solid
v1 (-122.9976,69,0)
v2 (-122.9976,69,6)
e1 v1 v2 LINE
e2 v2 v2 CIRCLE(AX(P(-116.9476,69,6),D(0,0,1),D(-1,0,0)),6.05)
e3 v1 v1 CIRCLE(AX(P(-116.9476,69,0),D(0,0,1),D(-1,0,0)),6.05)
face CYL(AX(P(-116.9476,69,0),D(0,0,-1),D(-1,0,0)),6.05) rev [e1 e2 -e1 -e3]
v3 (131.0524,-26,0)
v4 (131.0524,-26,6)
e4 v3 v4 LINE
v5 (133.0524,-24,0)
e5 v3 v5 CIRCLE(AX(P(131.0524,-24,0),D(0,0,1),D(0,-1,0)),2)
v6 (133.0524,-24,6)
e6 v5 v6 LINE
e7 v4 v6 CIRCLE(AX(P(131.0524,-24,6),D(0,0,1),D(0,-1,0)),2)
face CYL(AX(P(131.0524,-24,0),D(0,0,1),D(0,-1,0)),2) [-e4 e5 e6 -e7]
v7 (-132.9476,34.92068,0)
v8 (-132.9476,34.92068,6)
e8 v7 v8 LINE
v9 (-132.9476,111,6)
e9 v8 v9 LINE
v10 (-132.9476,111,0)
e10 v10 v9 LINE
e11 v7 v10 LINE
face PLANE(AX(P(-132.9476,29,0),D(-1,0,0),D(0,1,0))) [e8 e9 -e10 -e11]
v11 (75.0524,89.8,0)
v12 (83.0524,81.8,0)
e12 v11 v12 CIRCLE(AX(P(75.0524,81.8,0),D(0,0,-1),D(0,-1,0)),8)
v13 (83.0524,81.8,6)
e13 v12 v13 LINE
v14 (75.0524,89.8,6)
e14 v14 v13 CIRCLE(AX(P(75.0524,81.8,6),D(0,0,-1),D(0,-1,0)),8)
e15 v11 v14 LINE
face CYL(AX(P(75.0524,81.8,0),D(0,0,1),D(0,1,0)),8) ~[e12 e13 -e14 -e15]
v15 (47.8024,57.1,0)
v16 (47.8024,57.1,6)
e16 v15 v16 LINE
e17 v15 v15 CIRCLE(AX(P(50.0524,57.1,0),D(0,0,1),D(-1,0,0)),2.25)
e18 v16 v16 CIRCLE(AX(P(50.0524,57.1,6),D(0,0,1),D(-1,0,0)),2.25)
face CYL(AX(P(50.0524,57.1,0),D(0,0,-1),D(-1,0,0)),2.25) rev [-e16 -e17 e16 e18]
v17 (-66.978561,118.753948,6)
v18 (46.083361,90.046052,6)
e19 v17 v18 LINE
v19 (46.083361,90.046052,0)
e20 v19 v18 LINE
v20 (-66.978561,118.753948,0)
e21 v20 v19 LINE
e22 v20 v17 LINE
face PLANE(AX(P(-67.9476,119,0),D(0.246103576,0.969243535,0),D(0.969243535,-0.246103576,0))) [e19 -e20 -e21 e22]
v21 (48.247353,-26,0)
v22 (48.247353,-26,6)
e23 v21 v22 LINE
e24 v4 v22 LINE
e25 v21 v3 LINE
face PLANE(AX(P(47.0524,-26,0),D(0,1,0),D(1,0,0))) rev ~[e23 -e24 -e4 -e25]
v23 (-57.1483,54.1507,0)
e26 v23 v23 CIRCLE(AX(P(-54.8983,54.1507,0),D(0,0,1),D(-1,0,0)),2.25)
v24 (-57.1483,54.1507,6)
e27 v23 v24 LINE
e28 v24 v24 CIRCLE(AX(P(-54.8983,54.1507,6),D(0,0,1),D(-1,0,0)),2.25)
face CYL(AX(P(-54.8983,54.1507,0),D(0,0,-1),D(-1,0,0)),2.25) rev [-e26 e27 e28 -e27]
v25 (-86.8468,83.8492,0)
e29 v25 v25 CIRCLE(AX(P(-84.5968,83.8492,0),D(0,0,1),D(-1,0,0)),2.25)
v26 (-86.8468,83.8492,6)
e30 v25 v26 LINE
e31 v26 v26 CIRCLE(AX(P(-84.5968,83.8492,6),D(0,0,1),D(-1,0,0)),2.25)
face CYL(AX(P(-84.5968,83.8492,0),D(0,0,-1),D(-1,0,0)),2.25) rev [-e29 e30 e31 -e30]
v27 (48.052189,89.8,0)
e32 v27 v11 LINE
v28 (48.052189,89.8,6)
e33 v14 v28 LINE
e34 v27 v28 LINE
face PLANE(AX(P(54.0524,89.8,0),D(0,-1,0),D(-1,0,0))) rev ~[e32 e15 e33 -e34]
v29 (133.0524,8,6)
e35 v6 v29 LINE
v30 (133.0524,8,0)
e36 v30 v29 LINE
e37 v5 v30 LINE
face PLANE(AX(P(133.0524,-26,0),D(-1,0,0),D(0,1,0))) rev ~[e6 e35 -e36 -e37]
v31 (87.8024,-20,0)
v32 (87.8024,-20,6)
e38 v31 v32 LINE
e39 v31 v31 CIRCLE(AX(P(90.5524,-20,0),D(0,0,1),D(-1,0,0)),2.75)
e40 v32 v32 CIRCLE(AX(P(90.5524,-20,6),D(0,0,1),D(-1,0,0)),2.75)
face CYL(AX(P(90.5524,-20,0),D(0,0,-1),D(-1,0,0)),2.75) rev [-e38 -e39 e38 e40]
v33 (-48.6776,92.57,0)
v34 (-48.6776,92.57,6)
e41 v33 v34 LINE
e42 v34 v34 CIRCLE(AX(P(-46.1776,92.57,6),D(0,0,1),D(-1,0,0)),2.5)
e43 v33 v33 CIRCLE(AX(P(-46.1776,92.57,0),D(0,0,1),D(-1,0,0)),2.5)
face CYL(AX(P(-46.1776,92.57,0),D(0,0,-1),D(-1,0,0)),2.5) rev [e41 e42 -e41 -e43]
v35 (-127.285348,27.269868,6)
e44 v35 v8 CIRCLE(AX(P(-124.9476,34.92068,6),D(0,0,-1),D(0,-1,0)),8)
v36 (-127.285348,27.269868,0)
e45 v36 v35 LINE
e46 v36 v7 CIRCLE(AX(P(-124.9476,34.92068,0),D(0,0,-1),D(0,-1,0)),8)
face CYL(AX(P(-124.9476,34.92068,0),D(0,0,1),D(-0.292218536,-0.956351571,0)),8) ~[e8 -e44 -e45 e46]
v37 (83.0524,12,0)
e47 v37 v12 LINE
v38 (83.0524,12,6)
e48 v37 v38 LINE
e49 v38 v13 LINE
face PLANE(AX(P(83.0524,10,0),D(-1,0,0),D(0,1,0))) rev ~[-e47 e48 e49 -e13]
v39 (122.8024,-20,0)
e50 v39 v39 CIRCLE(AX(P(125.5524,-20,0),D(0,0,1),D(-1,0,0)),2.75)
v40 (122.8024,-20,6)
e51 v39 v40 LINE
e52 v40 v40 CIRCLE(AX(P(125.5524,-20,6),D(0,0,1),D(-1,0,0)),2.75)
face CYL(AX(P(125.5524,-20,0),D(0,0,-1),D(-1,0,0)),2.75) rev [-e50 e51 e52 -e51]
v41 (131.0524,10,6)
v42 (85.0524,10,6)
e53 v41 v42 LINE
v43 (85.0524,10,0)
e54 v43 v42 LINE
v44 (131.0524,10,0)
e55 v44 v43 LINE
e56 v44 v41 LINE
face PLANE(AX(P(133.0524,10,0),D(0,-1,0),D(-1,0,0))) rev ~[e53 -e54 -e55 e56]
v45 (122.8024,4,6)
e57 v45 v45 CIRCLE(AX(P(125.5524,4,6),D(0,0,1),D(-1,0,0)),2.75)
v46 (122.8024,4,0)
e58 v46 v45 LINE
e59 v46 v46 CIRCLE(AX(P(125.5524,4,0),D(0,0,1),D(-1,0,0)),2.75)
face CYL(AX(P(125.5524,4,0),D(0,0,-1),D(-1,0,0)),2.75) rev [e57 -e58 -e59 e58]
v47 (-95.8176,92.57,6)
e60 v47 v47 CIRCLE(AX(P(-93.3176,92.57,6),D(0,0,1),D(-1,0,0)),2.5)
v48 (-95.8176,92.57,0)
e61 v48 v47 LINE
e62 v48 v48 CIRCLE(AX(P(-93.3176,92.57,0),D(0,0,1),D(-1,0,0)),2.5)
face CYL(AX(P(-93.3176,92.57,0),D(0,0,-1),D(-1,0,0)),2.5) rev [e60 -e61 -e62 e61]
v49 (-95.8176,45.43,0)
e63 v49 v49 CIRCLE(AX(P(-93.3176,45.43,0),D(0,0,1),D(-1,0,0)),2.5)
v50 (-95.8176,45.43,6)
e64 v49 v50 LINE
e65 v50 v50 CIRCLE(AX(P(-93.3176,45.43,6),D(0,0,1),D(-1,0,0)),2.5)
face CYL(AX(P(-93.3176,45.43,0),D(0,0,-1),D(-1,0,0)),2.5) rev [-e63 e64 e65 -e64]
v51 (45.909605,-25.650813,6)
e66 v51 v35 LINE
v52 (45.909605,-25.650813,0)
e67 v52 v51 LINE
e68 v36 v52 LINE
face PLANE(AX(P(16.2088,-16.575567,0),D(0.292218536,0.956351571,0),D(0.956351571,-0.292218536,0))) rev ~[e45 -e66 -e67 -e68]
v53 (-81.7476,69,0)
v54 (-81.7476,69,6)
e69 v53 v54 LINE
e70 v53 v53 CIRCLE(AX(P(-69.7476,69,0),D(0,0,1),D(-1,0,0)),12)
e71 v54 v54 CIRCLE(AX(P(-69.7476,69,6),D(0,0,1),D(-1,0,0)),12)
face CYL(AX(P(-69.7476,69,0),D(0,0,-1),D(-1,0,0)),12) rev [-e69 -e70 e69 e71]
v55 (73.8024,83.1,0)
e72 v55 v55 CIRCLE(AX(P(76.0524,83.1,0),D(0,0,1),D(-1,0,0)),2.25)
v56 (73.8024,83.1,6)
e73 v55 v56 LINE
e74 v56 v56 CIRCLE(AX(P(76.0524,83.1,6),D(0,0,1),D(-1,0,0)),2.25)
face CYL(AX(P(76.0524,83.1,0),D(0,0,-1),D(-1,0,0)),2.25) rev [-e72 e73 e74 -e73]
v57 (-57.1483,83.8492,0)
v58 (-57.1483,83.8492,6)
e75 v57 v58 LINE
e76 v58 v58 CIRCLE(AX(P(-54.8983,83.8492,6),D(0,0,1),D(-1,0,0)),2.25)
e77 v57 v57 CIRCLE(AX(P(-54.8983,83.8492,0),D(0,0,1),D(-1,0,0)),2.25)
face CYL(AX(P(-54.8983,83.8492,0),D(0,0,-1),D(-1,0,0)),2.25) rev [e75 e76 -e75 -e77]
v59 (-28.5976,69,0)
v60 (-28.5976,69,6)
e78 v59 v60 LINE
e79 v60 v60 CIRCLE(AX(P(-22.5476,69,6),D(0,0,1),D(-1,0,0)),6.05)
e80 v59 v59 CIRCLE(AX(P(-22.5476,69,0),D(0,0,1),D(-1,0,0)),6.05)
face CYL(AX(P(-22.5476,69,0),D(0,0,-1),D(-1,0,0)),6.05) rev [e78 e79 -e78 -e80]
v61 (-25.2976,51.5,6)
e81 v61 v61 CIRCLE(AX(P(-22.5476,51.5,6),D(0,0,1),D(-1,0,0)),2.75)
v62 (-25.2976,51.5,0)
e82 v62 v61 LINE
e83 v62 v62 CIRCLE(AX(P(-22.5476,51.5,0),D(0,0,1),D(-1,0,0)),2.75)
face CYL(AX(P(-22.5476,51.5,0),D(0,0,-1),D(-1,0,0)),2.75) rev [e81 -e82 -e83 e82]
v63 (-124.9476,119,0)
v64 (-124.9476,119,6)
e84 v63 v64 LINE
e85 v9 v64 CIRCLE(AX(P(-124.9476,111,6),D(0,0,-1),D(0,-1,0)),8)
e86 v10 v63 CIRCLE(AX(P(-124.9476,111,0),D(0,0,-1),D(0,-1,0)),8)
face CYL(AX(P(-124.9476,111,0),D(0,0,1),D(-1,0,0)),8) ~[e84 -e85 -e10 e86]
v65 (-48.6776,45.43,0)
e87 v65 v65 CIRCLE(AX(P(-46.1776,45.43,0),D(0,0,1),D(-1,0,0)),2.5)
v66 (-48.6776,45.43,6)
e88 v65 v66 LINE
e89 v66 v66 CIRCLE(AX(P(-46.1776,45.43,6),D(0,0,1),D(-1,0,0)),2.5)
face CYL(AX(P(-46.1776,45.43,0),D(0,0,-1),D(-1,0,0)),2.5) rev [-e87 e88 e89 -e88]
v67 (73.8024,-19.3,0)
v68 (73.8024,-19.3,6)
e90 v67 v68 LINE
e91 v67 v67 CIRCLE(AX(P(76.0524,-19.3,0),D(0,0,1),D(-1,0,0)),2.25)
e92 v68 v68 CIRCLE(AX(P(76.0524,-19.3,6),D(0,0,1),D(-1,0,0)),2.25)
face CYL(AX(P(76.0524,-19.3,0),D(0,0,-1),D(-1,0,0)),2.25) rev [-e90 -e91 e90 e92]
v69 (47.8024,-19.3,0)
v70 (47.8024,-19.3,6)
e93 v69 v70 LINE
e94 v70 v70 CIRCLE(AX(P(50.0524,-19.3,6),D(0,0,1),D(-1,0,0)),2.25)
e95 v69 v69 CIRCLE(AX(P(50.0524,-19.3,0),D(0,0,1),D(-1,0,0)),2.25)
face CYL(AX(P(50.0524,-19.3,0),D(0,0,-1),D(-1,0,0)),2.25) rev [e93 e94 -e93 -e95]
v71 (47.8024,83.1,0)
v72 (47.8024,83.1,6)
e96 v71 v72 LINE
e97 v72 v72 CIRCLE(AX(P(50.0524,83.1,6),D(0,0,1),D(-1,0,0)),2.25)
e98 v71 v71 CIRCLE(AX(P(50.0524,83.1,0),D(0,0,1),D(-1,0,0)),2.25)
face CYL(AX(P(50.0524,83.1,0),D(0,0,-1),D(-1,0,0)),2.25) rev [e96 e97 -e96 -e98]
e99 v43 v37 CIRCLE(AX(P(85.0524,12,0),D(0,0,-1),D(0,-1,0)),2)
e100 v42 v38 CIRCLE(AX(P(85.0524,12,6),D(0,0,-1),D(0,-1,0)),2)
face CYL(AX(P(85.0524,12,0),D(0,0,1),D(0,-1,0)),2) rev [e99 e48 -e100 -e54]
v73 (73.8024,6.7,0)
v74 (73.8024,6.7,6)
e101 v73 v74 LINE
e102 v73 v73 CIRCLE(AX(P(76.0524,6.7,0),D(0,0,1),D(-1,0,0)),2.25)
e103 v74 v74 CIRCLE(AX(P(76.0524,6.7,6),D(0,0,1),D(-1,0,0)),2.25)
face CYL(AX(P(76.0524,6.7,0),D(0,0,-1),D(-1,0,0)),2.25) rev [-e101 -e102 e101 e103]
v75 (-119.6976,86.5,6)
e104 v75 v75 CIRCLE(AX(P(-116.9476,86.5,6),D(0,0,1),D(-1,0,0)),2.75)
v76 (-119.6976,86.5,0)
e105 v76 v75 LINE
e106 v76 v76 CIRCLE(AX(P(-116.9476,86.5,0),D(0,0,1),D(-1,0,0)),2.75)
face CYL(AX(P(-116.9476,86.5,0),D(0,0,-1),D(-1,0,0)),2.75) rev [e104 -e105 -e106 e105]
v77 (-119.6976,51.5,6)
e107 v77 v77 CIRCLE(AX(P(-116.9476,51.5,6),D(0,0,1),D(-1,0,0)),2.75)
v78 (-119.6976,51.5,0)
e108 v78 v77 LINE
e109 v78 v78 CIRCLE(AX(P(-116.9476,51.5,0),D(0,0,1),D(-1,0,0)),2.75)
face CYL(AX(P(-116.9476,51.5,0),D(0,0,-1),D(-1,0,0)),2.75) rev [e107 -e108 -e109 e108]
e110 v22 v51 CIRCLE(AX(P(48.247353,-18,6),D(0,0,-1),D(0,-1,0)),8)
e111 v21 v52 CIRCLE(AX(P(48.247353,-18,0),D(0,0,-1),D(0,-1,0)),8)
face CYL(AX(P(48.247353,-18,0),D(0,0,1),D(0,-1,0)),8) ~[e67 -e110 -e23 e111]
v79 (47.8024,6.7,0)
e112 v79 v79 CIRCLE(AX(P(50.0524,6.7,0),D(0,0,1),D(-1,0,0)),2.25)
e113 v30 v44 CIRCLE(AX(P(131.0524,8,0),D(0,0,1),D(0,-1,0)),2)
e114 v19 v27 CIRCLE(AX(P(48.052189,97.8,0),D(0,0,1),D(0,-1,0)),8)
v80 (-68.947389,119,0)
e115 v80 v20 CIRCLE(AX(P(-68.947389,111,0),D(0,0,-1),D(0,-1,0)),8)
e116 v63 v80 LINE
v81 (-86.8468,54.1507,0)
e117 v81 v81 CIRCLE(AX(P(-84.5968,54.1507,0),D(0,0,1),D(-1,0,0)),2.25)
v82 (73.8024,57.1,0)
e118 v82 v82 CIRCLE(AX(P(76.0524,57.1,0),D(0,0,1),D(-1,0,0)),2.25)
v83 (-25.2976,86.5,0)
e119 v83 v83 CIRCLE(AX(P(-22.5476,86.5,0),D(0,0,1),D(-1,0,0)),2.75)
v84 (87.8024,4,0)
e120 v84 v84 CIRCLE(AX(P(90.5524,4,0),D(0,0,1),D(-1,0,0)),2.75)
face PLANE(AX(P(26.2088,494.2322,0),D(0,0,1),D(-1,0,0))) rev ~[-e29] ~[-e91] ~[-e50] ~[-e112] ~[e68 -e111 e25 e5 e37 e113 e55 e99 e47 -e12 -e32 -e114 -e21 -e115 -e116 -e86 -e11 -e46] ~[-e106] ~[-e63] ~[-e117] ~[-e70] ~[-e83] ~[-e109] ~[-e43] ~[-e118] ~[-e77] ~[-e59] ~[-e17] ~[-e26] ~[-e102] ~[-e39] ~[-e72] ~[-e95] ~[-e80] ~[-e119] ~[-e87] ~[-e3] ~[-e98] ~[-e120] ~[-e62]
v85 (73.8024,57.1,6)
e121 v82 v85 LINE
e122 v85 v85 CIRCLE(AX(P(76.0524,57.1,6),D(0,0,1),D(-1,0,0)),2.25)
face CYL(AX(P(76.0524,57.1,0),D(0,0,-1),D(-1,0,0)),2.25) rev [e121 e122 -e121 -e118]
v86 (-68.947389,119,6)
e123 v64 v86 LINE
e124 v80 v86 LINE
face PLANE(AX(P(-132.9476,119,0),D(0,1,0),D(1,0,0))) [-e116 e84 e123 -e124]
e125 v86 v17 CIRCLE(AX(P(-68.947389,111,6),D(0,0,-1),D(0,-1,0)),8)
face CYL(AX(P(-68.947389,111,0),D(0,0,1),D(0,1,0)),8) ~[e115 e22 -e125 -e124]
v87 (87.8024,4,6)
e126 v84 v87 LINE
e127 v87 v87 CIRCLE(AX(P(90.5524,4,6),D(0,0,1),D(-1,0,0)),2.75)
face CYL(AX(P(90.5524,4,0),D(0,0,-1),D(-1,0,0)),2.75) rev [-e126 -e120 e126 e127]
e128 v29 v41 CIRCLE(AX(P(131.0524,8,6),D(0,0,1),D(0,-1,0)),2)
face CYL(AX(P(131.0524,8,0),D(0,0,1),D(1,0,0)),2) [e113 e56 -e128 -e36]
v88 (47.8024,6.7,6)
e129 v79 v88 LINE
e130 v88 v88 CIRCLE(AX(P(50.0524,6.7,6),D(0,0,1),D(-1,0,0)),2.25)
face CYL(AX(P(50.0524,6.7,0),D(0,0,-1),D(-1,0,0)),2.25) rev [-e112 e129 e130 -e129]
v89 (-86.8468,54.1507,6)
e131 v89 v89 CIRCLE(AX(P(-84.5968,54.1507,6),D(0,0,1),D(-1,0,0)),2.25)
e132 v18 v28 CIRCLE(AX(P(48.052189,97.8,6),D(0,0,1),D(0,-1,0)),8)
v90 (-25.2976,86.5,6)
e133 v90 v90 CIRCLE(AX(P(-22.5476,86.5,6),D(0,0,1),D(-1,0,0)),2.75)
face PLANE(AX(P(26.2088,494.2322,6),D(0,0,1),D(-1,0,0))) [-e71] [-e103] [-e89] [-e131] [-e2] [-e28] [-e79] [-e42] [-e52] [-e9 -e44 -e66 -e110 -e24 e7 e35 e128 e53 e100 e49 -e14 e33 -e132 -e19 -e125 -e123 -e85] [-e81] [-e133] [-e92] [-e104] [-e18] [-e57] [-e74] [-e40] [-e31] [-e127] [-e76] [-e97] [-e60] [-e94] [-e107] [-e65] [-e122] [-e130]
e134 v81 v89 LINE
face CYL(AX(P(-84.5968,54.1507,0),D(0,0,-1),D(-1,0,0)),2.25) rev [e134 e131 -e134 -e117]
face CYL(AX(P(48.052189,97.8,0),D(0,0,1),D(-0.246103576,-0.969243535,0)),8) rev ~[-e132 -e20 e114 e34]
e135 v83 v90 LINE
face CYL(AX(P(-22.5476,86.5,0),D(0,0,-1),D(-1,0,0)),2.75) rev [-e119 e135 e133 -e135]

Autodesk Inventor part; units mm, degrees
ref_plane "YZ Plane" through (0, 0, 0) normal (1, 0, 0) x (0, 1, 0)
ref_plane "XZ Plane" through (0, 0, 0) normal (0, 1, 0) x (-1, 0, 0)
ref_plane "XY Plane" through (0, 0, 0) normal (0, 0, 1) x (1, 0, 0)
ref_plane "Work Plane1" through (26.2088, 494.2322, 0) normal (0, 0, 1) x (-1, 0, 0)
sketch "Sketch1" plane through (26.2088, 494.2322, 0) normal (0, 0, 1) x (-1, 0, 0)
  line L0 (-27.8436, 404.4322) -> (-27.8436, 443.8322) projected
  line L1 (-27.8436, 404.4322) -> (-20.8436, 404.4322) projected
  line L2 (-20.8436, 404.4322) -> (-20.8436, 443.8322) projected
  line L3 (-27.8436, 443.8322) -> (-20.8436, 443.8322) projected
  arc A0 (-25.8436, 437.1322) -> (-21.8436, 437.1322) centre (-23.8436, 437.1322) ccw projected
  arc A1 (-21.8436, 437.1322) -> (-25.8436, 437.1322) centre (-23.8436, 437.1322) ccw projected
  arc A2 (-25.8436, 411.1322) -> (-21.8436, 411.1322) centre (-23.8436, 411.1322) ccw projected
  arc A3 (-21.8436, 411.1322) -> (-25.8436, 411.1322) centre (-23.8436, 411.1322) ccw projected
  line L4 (-52.8436, 404.4322) -> (-52.8436, 443.8322) projected
  line L5 (-52.8436, 404.4322) -> (-45.8436, 404.4322) projected
  line L6 (-45.8436, 404.4322) -> (-45.8436, 443.8322) projected
  line L7 (-52.8436, 443.8322) -> (-45.8436, 443.8322) projected
  arc A4 (-51.8436, 437.1322) -> (-47.8436, 437.1322) centre (-49.8436, 437.1322) ccw projected
  arc A5 (-47.8436, 437.1322) -> (-51.8436, 437.1322) centre (-49.8436, 437.1322) ccw projected
  arc A6 (-51.8436, 411.1322) -> (-47.8436, 411.1322) centre (-49.8436, 411.1322) ccw projected
  arc A7 (-47.8436, 411.1322) -> (-51.8436, 411.1322) centre (-49.8436, 411.1322) ccw projected
  line L8 (-45.8436, 520.2322) -> (-45.8436, 480.8322) projected
  line L9 (-45.8436, 520.2322) -> (-52.8436, 520.2322) projected
  line L10 (-52.8436, 520.2322) -> (-52.8436, 480.8322) projected
  line L11 (-45.8436, 480.8322) -> (-52.8436, 480.8322) projected
  arc A8 (-47.8436, 487.5322) -> (-51.8436, 487.5322) centre (-49.8436, 487.5322) ccw projected
  arc A9 (-51.8436, 487.5322) -> (-47.8436, 487.5322) centre (-49.8436, 487.5322) ccw projected
  arc A10 (-47.8436, 513.5322) -> (-51.8436, 513.5322) centre (-49.8436, 513.5322) ccw projected
  arc A11 (-51.8436, 513.5322) -> (-47.8436, 513.5322) centre (-49.8436, 513.5322) ccw projected
  line L12 (-20.8436, 520.2322) -> (-20.8436, 480.8322) projected
  line L13 (-20.8436, 520.2322) -> (-27.8436, 520.2322) projected
  line L14 (-27.8436, 520.2322) -> (-27.8436, 480.8322) projected
  line L15 (-20.8436, 480.8322) -> (-27.8436, 480.8322) projected
  arc A12 (-21.8436, 487.5322) -> (-25.8436, 487.5322) centre (-23.8436, 487.5322) ccw projected
  arc A13 (-25.8436, 487.5322) -> (-21.8436, 487.5322) centre (-23.8436, 487.5322) ccw projected
  arc A14 (-21.8436, 513.5322) -> (-25.8436, 513.5322) centre (-23.8436, 513.5322) ccw projected
  arc A15 (-25.8436, 513.5322) -> (-21.8436, 513.5322) centre (-23.8436, 513.5322) ccw projected
sketch "Sketch2" plane through (26.2088, 494.2322, 0) normal (0, 0, 1) x (-1, 0, 0)
  line L0 (-20.8436, 110.4465) -> (-27.8436, 110.4465) projected
  line L1 (10, 520.2322) -> (10, 480.8322) projected
  line L2 (-45.8436, 520.2322) -> (-52.8436, 520.2322) projected
  line L3 (-52.8436, 520.2322) -> (-52.8436, 480.8322) projected
  line L4 (-52.8436, 404.4322) -> (-45.8436, 404.4322) projected
  line L5 (-27.8436, 404.4322) -> (-20.8436, 404.4322) projected
  line L6 (-20.8436, 520.2322) -> (-52.8436, 520.2322)
  line L7 (-52.8436, 404.4322) -> (-20.8436, 404.4322)
  line L8 (159.1564, 465.2322) -> (159.1564, 375.2322)
  line L9 (124.1564, 453.4322) -> (67.7564, 453.4322) construction
  line L10 (67.7564, 453.4322) -> (67.7564, 397.0322) construction
  line L11 (67.7564, 397.0322) -> (124.1564, 397.0322) construction
  line L12 (124.1564, 397.0322) -> (124.1564, 453.4322) construction
  line L13 (159.1564, 375.2322) -> (94.1564, 375.2322)
  line L14 (94.1564, 375.2322) -> (-20.8436, 404.4322)
  line L15 (159.1564, 465.2322) -> (-20.8436, 520.2322)
  circle A0 centre (143.1564, 425.2322) radius 6.05
  circle A1 centre (48.7564, 425.2322) radius 6.05
  circle A2 centre (-23.8436, 513.5322) radius 2.25
  circle A3 centre (-23.8436, 487.5322) radius 2.25
  circle A4 centre (-23.8436, 437.1322) radius 2.25
  circle A5 centre (-23.8436, 411.1322) radius 2.25
  circle A6 centre (-49.8436, 411.1322) radius 2.25
  circle A7 centre (-49.8436, 437.1322) radius 2.25
  circle A8 centre (-49.8436, 487.5322) radius 2.25
  circle A9 centre (-49.8436, 513.5322) radius 2.25
  line L16 (-52.8436, 520.2322) -> (-56.8436, 520.2322)
  line L17 (-56.8436, 520.2322) -> (-56.8436, 404.4322)
  line L18 (-56.8436, 404.4322) -> (-52.8436, 404.4322)
  circle A10 centre (119.5264, 448.8022) radius 2.5
  circle A11 centre (119.5264, 401.6622) radius 2.5
  circle A12 centre (72.3864, 401.6622) radius 2.5
  circle A13 centre (72.3864, 448.8022) radius 2.5
  line L19 (119.5264, 448.8022) -> (119.5264, 401.6622) construction
  line L20 (119.5264, 401.6622) -> (72.3864, 401.6622) construction
  line L21 (119.5264, 448.8022) -> (72.3864, 401.6622) construction
  line L22 (119.5264, 401.6622) -> (72.3864, 448.8022) construction
  circle A14 centre (95.9564, 425.2322) radius 12
  circle A15 centre (143.1564, 442.7322) radius 2.75
  circle A16 centre (143.1564, 407.7322) radius 2.75
  circle A17 centre (48.7564, 407.7322) radius 2.75
  circle A18 centre (48.7564, 442.7322) radius 2.75
  circle A19 centre (110.8056, 410.383) radius 2.25
  circle A20 centre (110.8056, 440.0815) radius 2.25
  circle A21 centre (81.1071, 440.0815) radius 2.25
  circle A22 centre (81.1071, 410.383) radius 2.25
  arc A23 (-25.8436, 487.5322) -> (-21.8436, 487.5322) centre (-23.8436, 487.5322) ccw projected
  arc A24 (-25.8436, 513.5322) -> (-21.8436, 513.5322) centre (-23.8436, 513.5322) ccw projected
  line L23 (-53.8436, 520.2322) -> (-53.8436, 480.8322) projected
  line L24 (-56.8436, 520.2322) -> (-106.8436, 520.2322)
  line L25 (-106.8436, 520.2322) -> (-106.8436, 484.2322)
  line L26 (-106.8436, 484.2322) -> (-56.8436, 484.2322)
  circle A25 centre (-64.3436, 514.2322) radius 2.75
  circle A26 centre (-64.3436, 490.2322) radius 2.75
  circle A27 centre (-99.3436, 490.2322) radius 2.75
  circle A28 centre (-99.3436, 514.2322) radius 2.75
  line L27 (48.7564, 425.2322) -> (-81.8436, 425.2322) construction
  point P0 (26.2088, 494.2322)
  point P1 (-27.8436, 520.2322)
  point P2 (-20.8436, 480.8322)
  point P3 (124.1564, 425.2322)
  point P4 (159.1564, 420.2322)
  point P5 (-27.8436, 520.2322)
  point P6 (119.5264, 425.2322)
  point P7 (95.9564, 401.6622)
  point P8 (95.9564, 397.0322)
  point P9 (95.9564, 425.2322)
  dimension "d1" = 90
  dimension "d2" = 56.4
  dimension "d3" = 56.4
  dimension "d4" = 180
  dimension "d5" = 55
  dimension "d7" = 12.1
  dimension "d9" = 19
  dimension "d10" = 19
  dimension "d12" = 40
  dimension "d13" = 65
  dimension "d14" = 4.5
  dimension "d18" = 4
  dimension "d19" = 5
  dimension "d20" = 47.14
  dimension "d21" = 47.14
  dimension "d22" = 24
  dimension "d23" = 5.5
  dimension "d24" = 35
  dimension "d25" = 17.5
  dimension "d26" = 4.5
  dimension "d27" = 42
  dimension "d28" = 63.2
  dimension "d29" = 36
  dimension "d30" = 24
  dimension "d31" = 35
  dimension "d32" = 5.5
  dimension "d33" = 6
  dimension "d34" = 7.5
  dimension "d35" = 53
extrude "Extrusion1" add sketch "Sketch2" along normal blind 6
fillet "Fillet1" radius 8 6 edges at (-132.9476, 29, 3) (-132.9476, 119, 3) (-67.9476, 119, 3) (47.0524, -26, 3) (47.0524, 89.8, 3) (83.0524, 89.8, 3)
fillet "Fillet2" radius 2 3 edges at (133.0524, -26, 3) (133.0524, 10, 3) (83.0524, 10, 3)
equation "\"d10\" = d9"
equation "\"d25\" = 0.5 * d24"
properties part number "SIDE SUPPORT PLATES"
